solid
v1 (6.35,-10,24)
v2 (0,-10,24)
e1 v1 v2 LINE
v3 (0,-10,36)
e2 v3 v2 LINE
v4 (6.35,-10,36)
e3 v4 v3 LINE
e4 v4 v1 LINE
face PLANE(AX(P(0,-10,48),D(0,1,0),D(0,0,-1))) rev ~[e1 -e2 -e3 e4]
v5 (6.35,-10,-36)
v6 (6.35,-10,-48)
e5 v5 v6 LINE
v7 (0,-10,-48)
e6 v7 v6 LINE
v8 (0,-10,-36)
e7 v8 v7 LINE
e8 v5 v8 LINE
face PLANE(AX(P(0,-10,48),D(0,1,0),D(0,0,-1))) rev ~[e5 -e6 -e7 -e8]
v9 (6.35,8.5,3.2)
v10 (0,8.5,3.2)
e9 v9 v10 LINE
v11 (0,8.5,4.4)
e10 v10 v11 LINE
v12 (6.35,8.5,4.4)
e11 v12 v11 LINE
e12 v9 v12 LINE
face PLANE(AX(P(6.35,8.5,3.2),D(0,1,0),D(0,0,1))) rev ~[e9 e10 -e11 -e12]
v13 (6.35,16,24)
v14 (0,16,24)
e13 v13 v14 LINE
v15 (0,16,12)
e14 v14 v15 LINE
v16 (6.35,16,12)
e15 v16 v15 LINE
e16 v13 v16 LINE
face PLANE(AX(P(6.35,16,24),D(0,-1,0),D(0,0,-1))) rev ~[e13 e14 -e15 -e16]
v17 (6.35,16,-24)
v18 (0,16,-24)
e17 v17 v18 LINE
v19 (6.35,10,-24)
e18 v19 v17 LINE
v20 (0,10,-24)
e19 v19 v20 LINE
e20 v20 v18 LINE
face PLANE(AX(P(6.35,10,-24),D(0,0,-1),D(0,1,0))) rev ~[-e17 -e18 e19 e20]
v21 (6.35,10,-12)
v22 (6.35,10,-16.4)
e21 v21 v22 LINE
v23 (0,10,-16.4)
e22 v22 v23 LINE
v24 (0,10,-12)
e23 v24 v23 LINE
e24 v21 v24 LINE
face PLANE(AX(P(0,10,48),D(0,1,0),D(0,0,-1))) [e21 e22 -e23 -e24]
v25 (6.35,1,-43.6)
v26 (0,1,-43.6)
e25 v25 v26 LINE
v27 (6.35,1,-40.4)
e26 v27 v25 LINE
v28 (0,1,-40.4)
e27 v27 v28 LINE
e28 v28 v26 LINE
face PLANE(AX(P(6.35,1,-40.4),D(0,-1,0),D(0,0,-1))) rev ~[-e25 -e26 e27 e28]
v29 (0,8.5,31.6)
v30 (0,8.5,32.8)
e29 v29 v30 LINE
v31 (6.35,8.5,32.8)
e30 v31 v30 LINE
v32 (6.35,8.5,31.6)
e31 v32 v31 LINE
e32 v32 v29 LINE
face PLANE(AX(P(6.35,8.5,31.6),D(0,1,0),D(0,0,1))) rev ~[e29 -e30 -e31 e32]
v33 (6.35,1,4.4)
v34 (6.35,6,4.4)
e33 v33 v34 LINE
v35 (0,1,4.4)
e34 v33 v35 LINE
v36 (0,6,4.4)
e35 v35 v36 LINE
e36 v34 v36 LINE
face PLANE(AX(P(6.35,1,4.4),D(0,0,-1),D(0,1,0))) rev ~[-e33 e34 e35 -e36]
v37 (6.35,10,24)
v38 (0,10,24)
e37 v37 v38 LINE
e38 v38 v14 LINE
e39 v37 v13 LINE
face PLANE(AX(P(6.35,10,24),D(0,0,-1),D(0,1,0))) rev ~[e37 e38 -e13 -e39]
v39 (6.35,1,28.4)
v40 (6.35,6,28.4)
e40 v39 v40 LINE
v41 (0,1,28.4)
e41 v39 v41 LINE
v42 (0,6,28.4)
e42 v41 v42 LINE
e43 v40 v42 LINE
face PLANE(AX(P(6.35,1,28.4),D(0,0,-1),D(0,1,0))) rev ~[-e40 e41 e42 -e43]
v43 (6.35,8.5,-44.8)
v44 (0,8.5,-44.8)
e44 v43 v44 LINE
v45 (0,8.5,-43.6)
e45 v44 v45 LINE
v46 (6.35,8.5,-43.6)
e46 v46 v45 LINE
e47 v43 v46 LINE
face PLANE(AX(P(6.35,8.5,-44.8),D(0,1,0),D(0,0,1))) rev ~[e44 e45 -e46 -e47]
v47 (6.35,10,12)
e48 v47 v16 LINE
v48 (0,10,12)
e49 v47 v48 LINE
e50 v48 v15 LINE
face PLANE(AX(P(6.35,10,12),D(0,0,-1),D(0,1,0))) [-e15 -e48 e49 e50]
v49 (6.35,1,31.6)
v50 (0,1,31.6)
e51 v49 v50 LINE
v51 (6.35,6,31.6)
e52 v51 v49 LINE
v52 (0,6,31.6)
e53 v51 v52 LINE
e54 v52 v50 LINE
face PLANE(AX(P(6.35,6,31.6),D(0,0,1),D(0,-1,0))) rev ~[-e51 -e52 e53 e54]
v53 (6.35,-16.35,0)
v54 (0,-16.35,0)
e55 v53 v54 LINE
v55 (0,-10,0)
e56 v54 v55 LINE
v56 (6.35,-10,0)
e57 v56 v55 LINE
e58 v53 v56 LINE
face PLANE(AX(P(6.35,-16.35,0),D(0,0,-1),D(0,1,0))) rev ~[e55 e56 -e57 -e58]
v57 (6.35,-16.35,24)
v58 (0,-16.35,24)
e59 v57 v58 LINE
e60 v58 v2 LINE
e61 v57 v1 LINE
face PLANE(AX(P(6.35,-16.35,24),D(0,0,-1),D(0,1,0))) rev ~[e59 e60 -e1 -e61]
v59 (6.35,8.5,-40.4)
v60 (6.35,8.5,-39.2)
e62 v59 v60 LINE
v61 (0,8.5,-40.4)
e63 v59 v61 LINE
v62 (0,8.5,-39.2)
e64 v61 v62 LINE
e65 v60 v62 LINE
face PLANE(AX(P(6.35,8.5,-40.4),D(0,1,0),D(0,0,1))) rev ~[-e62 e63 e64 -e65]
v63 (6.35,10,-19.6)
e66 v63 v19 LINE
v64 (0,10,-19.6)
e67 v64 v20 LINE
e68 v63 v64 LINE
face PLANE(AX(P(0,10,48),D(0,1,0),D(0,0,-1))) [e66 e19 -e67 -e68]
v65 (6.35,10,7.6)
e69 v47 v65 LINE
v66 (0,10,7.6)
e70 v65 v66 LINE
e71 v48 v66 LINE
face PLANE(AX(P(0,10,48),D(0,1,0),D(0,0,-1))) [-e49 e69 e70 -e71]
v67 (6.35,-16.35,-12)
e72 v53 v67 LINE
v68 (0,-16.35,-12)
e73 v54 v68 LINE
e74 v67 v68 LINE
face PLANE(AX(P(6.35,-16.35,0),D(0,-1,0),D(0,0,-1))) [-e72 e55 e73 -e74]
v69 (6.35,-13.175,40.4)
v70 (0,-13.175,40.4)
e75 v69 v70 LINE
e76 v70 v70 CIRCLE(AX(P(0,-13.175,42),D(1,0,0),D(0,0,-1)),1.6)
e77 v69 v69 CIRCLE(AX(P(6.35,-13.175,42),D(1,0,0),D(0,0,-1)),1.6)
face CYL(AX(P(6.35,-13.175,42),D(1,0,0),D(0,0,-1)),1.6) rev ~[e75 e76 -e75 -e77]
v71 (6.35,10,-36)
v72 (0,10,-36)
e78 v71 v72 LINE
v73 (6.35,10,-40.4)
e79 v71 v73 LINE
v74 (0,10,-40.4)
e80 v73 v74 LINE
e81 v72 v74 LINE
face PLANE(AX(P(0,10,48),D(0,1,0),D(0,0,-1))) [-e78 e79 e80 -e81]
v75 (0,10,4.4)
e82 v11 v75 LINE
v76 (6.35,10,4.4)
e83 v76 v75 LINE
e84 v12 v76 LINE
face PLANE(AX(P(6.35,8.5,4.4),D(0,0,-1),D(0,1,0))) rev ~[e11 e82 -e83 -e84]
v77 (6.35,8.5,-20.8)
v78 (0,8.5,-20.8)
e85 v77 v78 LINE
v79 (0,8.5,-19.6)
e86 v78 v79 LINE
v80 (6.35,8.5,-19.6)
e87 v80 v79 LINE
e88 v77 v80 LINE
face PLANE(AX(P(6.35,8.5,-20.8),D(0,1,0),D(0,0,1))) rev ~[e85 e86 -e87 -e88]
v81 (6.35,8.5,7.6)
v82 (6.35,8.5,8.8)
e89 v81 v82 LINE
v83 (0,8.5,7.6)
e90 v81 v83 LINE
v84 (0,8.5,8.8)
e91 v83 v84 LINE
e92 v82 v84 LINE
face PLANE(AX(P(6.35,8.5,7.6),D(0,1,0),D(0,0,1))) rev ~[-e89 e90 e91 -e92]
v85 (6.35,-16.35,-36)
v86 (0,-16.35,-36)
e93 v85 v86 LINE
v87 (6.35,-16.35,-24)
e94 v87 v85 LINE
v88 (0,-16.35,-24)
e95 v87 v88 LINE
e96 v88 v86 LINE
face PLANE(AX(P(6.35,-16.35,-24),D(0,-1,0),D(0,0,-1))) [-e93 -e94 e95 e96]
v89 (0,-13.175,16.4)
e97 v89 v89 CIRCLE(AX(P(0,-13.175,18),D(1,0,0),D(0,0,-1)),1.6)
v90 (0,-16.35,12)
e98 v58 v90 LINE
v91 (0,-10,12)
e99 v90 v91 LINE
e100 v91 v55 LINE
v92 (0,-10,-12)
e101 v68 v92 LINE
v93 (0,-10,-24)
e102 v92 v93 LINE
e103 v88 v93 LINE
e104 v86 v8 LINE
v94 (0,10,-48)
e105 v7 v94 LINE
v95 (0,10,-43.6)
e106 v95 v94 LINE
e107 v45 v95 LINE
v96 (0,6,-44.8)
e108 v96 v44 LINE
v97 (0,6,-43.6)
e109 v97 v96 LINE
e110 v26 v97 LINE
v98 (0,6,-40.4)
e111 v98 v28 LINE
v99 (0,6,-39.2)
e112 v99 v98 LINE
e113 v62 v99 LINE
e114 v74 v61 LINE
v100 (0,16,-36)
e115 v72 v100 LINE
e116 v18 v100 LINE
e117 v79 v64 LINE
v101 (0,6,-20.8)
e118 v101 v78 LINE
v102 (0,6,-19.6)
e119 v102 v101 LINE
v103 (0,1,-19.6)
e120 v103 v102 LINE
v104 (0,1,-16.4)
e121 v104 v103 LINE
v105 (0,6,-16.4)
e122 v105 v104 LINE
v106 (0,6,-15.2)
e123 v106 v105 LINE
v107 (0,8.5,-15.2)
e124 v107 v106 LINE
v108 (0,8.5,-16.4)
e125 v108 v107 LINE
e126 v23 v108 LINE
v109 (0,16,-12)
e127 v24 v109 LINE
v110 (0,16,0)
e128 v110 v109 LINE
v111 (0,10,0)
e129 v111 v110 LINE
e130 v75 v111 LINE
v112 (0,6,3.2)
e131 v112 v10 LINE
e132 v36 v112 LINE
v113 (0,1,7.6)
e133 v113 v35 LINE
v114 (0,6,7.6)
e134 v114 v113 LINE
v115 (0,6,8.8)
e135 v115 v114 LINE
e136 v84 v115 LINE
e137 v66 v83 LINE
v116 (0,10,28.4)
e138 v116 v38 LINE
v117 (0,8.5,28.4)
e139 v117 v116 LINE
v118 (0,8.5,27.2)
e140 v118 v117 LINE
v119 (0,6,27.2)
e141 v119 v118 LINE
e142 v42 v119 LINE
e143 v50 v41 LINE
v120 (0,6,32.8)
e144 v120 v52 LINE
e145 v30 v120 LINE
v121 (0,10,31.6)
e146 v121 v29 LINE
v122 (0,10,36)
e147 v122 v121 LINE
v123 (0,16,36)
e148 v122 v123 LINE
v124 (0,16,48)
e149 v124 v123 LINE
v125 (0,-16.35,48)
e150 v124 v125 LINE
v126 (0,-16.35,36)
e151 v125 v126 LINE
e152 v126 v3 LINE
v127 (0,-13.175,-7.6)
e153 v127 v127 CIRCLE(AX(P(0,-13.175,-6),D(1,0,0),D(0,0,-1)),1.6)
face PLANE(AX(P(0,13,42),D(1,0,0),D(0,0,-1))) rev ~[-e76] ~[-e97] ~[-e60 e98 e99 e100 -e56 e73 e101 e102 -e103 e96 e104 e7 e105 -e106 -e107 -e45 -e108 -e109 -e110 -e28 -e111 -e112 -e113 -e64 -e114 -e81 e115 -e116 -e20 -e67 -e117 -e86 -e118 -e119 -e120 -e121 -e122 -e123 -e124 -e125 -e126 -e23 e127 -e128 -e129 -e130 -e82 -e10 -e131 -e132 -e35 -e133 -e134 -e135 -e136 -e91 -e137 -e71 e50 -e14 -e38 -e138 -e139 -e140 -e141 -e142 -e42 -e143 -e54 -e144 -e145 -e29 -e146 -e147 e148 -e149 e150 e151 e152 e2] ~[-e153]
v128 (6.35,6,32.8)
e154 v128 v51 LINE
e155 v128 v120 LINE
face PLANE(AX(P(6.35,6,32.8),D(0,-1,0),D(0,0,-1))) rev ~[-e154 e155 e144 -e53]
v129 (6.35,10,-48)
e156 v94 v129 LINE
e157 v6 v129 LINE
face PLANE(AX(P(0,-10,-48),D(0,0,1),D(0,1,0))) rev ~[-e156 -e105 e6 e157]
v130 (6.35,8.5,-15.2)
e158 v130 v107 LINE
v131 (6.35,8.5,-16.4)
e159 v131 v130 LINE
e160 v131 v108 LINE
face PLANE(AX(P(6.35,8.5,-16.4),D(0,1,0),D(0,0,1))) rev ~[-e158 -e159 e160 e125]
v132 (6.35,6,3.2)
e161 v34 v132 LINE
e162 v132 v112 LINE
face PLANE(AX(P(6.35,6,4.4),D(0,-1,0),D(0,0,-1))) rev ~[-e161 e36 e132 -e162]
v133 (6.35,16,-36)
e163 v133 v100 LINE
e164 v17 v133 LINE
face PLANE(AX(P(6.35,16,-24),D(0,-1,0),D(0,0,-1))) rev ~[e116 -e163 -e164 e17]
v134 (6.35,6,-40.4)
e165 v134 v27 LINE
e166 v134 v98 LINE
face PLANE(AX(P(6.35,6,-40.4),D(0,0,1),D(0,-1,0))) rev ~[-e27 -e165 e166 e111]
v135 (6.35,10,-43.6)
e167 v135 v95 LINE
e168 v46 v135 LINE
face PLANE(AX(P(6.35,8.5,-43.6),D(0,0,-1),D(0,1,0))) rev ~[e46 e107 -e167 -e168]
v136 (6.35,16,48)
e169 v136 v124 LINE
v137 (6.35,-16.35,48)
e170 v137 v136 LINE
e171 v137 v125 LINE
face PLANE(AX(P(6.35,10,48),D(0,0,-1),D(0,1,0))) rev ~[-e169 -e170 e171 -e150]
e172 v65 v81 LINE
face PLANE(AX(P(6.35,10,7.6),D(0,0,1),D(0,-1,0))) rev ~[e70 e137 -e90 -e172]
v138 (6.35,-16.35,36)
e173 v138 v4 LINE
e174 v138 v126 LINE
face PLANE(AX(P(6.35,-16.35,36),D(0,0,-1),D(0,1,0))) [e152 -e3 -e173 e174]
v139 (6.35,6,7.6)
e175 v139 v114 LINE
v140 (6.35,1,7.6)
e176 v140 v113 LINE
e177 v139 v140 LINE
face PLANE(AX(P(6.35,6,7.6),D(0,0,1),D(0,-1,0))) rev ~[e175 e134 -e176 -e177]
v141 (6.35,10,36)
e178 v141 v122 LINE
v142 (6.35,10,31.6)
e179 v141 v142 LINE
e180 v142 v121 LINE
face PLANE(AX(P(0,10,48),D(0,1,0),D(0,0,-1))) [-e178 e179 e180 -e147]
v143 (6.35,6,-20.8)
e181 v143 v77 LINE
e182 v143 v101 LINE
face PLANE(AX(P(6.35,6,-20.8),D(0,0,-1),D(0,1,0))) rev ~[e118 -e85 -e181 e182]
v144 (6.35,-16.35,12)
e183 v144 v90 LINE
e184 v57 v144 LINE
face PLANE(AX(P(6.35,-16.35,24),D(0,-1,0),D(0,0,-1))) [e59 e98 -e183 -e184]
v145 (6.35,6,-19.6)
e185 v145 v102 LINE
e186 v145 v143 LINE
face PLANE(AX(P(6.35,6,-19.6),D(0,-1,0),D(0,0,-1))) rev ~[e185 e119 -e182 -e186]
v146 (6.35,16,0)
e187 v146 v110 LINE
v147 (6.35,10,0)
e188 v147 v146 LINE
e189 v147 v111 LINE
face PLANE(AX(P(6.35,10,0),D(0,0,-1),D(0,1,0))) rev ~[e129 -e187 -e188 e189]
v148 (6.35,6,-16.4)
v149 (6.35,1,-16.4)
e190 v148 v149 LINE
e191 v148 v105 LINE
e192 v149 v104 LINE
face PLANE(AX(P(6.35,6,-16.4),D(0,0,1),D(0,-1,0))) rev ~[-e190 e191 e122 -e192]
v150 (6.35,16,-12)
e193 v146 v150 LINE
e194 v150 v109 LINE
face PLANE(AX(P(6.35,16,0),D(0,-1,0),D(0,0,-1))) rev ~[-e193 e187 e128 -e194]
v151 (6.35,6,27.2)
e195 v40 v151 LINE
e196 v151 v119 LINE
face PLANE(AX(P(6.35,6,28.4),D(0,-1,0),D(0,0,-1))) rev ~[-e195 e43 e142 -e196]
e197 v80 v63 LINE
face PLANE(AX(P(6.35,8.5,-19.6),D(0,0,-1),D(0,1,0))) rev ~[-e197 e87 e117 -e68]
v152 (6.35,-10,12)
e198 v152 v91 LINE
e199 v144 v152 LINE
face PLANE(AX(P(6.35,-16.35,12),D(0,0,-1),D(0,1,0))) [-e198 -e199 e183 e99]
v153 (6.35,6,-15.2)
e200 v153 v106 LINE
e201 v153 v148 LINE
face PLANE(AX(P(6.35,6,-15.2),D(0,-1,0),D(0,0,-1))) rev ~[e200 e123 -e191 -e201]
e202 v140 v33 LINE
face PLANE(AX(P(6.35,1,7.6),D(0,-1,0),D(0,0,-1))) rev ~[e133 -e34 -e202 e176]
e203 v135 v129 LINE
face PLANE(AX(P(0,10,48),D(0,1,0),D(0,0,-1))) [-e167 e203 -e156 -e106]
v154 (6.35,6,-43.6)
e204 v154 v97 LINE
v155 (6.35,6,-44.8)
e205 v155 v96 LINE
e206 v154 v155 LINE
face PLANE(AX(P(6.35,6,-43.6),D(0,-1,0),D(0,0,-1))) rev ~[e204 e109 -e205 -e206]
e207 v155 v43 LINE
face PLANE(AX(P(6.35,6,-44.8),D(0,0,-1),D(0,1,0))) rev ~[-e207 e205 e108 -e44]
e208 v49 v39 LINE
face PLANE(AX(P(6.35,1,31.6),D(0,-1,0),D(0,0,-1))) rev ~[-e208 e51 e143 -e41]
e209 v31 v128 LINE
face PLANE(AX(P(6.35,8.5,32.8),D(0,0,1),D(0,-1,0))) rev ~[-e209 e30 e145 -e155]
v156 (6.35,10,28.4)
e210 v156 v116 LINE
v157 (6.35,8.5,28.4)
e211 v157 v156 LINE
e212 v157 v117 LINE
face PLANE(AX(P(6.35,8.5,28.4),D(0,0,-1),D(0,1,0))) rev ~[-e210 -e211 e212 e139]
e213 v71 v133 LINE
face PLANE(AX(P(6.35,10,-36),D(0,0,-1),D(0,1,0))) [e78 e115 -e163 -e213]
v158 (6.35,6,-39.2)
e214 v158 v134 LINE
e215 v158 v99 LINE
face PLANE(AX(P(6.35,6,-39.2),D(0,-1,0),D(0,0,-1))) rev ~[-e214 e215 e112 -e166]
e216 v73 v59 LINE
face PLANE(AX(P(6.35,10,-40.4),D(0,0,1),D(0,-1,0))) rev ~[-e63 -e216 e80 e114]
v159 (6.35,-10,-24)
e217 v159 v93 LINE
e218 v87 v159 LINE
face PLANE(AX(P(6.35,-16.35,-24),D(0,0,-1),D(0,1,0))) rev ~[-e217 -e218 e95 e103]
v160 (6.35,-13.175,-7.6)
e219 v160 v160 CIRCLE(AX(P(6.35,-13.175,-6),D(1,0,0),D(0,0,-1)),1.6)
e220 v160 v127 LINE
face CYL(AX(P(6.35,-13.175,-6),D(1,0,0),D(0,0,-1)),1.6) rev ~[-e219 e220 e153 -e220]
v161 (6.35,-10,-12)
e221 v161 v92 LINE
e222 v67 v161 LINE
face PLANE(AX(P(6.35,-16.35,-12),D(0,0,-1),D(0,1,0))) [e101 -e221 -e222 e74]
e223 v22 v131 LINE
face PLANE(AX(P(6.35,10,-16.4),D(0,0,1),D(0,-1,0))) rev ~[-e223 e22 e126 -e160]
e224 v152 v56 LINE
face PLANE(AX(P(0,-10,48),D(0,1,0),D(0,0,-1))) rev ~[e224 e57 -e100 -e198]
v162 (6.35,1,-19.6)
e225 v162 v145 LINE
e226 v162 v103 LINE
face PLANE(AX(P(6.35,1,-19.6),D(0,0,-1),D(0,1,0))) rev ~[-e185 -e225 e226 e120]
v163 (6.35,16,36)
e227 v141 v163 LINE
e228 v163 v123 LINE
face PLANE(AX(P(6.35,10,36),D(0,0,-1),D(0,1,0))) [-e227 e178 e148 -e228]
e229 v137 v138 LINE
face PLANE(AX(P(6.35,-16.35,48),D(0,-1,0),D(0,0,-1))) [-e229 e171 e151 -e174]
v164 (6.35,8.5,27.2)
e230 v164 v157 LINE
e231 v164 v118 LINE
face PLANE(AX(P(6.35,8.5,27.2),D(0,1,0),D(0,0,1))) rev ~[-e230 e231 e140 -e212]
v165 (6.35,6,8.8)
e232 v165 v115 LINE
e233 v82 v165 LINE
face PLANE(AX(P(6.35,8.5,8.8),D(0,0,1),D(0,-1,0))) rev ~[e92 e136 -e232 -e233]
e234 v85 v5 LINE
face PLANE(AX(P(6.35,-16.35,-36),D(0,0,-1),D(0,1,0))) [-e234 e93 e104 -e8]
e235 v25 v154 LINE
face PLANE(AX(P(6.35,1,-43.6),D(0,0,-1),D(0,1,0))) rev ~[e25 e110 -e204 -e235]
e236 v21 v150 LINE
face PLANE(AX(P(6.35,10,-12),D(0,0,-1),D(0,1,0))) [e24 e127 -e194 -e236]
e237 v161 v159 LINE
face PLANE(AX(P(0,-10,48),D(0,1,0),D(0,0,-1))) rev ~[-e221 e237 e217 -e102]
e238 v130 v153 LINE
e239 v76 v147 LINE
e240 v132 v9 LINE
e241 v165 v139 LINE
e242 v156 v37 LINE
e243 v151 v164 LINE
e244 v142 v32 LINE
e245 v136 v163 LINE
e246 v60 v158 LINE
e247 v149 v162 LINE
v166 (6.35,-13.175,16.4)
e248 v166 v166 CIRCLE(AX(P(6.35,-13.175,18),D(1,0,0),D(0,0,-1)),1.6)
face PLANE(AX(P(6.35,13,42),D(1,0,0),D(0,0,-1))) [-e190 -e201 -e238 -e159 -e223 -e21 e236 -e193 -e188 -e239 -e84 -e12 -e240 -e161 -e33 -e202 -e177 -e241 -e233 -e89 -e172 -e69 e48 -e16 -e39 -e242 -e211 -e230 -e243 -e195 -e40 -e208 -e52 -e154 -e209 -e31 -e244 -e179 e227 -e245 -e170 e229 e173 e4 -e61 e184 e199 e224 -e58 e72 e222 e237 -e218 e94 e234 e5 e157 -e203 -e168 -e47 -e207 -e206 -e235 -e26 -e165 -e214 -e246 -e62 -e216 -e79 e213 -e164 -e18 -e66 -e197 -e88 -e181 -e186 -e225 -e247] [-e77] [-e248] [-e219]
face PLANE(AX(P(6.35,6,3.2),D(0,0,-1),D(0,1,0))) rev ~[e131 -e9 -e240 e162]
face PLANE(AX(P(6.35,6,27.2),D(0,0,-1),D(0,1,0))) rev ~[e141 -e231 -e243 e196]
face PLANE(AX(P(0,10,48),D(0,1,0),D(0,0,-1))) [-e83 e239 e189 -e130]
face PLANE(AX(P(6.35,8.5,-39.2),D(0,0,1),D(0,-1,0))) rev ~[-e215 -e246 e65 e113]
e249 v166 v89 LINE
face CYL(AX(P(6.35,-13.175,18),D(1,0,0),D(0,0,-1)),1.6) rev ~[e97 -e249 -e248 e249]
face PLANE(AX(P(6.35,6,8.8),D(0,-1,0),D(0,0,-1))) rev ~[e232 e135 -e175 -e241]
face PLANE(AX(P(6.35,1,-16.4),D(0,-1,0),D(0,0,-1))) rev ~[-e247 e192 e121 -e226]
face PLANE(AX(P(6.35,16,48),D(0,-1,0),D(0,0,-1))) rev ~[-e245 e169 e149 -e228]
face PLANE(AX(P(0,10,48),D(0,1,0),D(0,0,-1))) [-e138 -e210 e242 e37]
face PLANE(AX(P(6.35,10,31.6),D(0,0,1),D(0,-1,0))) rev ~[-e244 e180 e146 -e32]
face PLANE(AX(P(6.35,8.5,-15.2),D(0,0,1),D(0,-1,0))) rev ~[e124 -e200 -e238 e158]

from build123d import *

# Parameters (mm, degrees)
SKETCH1_W           = 96
SKETCH1_H           = 20
BOSS_EXTRUDE1_DEPTH = 6.35
SKETCH2_W           = 12
SKETCH2_H           = 6
SKETCH2_H_2         = 6.35
BOSS_EXTRUDE2_DEPTH = 6.35
SKETCH3_R           = 1.6
CUT_EXTRUDE1_DEPTH  = 10


with BuildPart() as part:
    # Sketch1 → Boss-Extrude1 (new body)
    with BuildSketch(Plane(origin=(0, 0, 0), x_dir=(0, 0, -1), z_dir=(1, 0, 0))):
        Rectangle(SKETCH1_W, SKETCH1_H)
    extrude(amount=BOSS_EXTRUDE1_DEPTH)

    # Sketch2 → Boss-Extrude2 (add)
    with BuildSketch(Plane(origin=(6.35, 0, 0), x_dir=(0, 0, -1), z_dir=(1, 0, 0))):
        with Locations((-18, 13)):
            Rectangle(SKETCH2_W, SKETCH2_H)
        with Locations((-42, 13)):
            Rectangle(SKETCH2_W, SKETCH2_H)
        with Locations((6, 13)):
            Rectangle(SKETCH2_W, SKETCH2_H)
        with Locations((30, 13)):
            Rectangle(SKETCH2_W, SKETCH2_H)
        with Locations((6, -13.175)):
            Rectangle(SKETCH2_W, SKETCH2_H_2)
        with Locations((30, -13.175)):
            Rectangle(SKETCH2_W, SKETCH2_H_2)
        with Locations((-18, -13.175)):
            Rectangle(SKETCH2_W, SKETCH2_H_2)
        with Locations((-42, -13.175)):
            Rectangle(SKETCH2_W, SKETCH2_H_2)
    extrude(amount=-BOSS_EXTRUDE2_DEPTH)

    # Sketch3 → Cut-Extrude1 (cut)
    with BuildSketch(Plane(origin=(6.35, 0, 0), x_dir=(0, 0, -1), z_dir=(1, 0, 0))):
        with Locations((-42, -13.175)):
            Circle(SKETCH3_R)
        with Locations((-18, -13.175)):
            Circle(SKETCH3_R)
        with Locations((6, -13.175)):
            Circle(SKETCH3_R)
        Polygon((-31.6, 10), (-31.6, 8.5), (-32.8, 8.5), (-32.8, 6), (-31.6, 6), (-31.6, 1), (-28.4, 1), (-28.4, 6), (-27.2, 6), (-27.2, 8.5), (-28.4, 8.5), (-28.4, 10), align=None)
        Polygon((-7.6, 10), (-7.6, 8.5), (-8.8, 8.5), (-8.8, 6), (-7.6, 6), (-7.6, 1), (-4.4, 1), (-4.4, 6), (-3.2, 6), (-3.2, 8.5), (-4.4, 8.5), (-4.4, 10), align=None)
        Polygon((16.4, 10), (16.4, 8.5), (15.2, 8.5), (15.2, 6), (16.4, 6), (16.4, 1), (19.6, 1), (19.6, 6), (20.8, 6), (20.8, 8.5), (19.6, 8.5), (19.6, 10), align=None)
        Polygon((40.4, 10), (40.4, 8.5), (39.2, 8.5), (39.2, 6), (40.4, 6), (40.4, 1), (43.6, 1), (43.6, 6), (44.8, 6), (44.8, 8.5), (43.6, 8.5), (43.6, 10), align=None)
    extrude(amount=-CUT_EXTRUDE1_DEPTH, mode=Mode.SUBTRACT)


solid = part.part
